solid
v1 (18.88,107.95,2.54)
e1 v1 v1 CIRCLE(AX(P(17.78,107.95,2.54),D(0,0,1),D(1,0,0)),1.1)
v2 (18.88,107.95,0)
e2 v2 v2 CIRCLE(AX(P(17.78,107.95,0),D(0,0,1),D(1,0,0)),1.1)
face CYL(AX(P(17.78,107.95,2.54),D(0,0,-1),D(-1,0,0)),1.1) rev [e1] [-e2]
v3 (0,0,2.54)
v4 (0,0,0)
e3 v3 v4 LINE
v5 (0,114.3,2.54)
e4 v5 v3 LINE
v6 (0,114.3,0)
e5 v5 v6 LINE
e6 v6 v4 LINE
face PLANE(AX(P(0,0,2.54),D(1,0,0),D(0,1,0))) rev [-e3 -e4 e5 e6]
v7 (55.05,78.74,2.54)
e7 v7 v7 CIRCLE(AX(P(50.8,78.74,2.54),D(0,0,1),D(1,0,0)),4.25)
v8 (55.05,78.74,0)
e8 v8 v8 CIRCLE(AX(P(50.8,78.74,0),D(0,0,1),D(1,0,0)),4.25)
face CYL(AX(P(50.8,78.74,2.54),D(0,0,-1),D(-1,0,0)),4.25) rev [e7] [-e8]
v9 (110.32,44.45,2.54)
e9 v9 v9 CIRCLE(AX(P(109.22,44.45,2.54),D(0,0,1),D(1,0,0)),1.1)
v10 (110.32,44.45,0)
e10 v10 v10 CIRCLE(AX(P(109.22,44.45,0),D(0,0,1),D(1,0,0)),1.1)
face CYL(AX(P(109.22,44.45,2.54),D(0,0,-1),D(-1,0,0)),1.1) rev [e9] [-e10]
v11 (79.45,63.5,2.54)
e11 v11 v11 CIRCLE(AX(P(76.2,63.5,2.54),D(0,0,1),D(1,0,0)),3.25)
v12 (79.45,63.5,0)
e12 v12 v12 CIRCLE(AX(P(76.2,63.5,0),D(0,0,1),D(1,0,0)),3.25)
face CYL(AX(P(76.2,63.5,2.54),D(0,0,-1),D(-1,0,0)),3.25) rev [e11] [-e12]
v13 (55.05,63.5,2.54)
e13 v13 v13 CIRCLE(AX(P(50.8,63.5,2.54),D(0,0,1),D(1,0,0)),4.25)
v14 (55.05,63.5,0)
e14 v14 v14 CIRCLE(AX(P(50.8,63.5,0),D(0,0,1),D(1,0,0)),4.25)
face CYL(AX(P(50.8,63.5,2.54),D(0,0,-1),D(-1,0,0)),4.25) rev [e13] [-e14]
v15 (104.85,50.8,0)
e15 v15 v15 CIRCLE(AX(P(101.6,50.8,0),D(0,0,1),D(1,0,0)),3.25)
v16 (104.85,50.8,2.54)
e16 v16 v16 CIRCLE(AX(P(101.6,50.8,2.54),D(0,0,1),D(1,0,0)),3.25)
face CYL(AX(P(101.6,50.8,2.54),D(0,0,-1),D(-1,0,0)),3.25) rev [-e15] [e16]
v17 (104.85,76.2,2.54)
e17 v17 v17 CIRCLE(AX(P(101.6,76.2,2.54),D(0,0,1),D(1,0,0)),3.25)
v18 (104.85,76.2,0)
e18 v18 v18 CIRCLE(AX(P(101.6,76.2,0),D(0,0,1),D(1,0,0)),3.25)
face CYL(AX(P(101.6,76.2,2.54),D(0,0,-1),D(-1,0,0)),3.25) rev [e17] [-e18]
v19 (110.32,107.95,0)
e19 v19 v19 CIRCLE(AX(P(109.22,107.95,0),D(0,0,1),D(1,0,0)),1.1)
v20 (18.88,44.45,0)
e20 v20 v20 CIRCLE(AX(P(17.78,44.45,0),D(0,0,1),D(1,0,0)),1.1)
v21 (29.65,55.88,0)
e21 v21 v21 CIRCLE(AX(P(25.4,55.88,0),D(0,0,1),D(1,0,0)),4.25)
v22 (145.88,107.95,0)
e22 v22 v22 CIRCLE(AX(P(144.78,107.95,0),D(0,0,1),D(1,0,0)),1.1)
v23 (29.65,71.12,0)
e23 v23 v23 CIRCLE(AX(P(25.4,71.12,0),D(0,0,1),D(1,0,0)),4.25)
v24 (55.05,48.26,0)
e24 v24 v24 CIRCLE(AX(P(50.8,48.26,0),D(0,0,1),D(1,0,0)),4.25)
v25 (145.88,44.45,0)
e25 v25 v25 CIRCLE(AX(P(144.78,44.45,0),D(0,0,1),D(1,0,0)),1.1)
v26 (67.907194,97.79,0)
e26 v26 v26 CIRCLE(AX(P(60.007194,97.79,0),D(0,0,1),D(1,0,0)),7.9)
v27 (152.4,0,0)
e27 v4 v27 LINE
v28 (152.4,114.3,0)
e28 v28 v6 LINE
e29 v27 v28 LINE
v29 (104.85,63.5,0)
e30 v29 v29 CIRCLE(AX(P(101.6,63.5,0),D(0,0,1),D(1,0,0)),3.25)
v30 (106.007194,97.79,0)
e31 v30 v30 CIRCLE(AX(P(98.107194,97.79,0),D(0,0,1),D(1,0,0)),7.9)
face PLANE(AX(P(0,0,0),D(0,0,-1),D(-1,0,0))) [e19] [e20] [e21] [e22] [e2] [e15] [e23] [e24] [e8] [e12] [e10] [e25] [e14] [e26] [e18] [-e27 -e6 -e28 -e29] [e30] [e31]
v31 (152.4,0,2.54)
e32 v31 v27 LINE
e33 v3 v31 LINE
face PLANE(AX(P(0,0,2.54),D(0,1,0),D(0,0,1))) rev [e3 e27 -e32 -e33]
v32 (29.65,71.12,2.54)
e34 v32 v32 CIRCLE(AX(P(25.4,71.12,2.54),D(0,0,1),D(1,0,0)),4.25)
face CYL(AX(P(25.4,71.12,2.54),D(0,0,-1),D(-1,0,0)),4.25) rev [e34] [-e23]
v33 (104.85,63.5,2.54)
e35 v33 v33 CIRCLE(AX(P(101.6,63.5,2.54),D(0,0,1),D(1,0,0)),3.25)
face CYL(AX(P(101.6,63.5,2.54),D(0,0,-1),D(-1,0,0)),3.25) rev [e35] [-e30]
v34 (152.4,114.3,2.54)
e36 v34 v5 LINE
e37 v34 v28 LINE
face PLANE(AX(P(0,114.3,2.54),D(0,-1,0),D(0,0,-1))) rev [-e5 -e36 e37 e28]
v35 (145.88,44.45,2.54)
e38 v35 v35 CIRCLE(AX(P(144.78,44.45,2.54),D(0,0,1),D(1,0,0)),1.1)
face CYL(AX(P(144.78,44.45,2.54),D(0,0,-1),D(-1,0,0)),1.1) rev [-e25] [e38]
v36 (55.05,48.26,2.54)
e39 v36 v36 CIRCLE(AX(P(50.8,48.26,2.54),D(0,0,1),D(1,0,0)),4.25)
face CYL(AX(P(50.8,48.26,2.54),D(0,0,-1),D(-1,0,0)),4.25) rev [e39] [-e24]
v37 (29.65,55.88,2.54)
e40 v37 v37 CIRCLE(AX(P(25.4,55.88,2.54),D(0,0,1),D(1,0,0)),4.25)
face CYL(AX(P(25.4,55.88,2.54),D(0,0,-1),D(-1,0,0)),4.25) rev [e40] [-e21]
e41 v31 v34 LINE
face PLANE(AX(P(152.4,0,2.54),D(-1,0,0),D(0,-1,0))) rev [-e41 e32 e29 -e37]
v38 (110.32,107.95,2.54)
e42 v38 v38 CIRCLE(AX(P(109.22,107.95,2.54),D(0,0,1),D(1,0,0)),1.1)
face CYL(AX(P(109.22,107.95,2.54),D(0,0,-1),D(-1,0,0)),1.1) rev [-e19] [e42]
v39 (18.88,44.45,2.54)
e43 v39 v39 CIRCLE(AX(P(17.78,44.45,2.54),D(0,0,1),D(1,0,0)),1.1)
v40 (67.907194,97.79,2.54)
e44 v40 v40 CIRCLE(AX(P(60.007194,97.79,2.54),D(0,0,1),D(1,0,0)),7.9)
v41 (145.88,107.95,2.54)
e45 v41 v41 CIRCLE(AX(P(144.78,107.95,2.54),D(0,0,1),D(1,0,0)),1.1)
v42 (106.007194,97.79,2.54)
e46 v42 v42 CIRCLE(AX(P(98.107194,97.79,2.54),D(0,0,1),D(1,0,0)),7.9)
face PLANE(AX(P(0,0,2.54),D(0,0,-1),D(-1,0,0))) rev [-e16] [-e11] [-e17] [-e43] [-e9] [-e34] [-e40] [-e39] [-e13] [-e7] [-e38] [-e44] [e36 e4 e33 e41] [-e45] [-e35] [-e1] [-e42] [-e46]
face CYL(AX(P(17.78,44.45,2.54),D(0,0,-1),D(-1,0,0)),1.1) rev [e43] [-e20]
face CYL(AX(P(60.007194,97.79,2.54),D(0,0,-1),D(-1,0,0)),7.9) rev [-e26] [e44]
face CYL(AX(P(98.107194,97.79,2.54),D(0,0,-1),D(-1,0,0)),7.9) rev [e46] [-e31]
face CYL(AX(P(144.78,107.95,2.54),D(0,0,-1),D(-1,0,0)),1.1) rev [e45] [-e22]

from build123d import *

# Parameters (mm, degrees)
SKETCH1_W           = 152.4
SKETCH1_H           = 114.3
SKETCH1_R           = 7.9
SKETCH1_R_2         = 7.899999948
SKETCH1_R_3         = 4.25
SKETCH1_R_4         = 3.25
SKETCH1_R_5         = 1.1
BOSS_EXTRUDE1_DEPTH = 2.54


with BuildPart() as part:
    # Sketch1 → Boss-Extrude1 (new body)
    with BuildSketch(Plane.XY):
        with Locations((76.2, 57.15)):
            Rectangle(SKETCH1_W, SKETCH1_H)
        with Locations((60.007194249, 97.79)):
            Circle(SKETCH1_R, mode=Mode.SUBTRACT)
        with Locations((98.107194249, 97.79)):
            Circle(SKETCH1_R_2, mode=Mode.SUBTRACT)
        with Locations((25.4, 71.12)):
            Circle(SKETCH1_R_3, mode=Mode.SUBTRACT)
        with Locations((50.8, 78.74)):
            Circle(SKETCH1_R_3, mode=Mode.SUBTRACT)
        with Locations((25.4, 55.88)):
            Circle(SKETCH1_R_3, mode=Mode.SUBTRACT)
        with Locations((101.6, 76.2)):
            Circle(SKETCH1_R_4, mode=Mode.SUBTRACT)
        with Locations((101.6, 63.5)):
            Circle(SKETCH1_R_4, mode=Mode.SUBTRACT)
        with Locations((101.6, 50.8)):
            Circle(SKETCH1_R_4, mode=Mode.SUBTRACT)
        with Locations((50.8, 63.5)):
            Circle(SKETCH1_R_3, mode=Mode.SUBTRACT)
        with Locations((50.8, 48.26)):
            Circle(SKETCH1_R_3, mode=Mode.SUBTRACT)
        with Locations((76.2, 63.5)):
            Circle(SKETCH1_R_4, mode=Mode.SUBTRACT)
        with Locations((17.78, 44.45)):
            Circle(SKETCH1_R_5, mode=Mode.SUBTRACT)
        with Locations((17.78, 107.95)):
            Circle(SKETCH1_R_5, mode=Mode.SUBTRACT)
        with Locations((109.22, 107.95)):
            Circle(SKETCH1_R_5, mode=Mode.SUBTRACT)
        with Locations((109.22, 44.45)):
            Circle(SKETCH1_R_5, mode=Mode.SUBTRACT)
        with Locations((144.78, 44.45)):
            Circle(SKETCH1_R_5, mode=Mode.SUBTRACT)
        with Locations((144.78, 107.95)):
            Circle(SKETCH1_R_5, mode=Mode.SUBTRACT)
    extrude(amount=BOSS_EXTRUDE1_DEPTH)


solid = part.part
